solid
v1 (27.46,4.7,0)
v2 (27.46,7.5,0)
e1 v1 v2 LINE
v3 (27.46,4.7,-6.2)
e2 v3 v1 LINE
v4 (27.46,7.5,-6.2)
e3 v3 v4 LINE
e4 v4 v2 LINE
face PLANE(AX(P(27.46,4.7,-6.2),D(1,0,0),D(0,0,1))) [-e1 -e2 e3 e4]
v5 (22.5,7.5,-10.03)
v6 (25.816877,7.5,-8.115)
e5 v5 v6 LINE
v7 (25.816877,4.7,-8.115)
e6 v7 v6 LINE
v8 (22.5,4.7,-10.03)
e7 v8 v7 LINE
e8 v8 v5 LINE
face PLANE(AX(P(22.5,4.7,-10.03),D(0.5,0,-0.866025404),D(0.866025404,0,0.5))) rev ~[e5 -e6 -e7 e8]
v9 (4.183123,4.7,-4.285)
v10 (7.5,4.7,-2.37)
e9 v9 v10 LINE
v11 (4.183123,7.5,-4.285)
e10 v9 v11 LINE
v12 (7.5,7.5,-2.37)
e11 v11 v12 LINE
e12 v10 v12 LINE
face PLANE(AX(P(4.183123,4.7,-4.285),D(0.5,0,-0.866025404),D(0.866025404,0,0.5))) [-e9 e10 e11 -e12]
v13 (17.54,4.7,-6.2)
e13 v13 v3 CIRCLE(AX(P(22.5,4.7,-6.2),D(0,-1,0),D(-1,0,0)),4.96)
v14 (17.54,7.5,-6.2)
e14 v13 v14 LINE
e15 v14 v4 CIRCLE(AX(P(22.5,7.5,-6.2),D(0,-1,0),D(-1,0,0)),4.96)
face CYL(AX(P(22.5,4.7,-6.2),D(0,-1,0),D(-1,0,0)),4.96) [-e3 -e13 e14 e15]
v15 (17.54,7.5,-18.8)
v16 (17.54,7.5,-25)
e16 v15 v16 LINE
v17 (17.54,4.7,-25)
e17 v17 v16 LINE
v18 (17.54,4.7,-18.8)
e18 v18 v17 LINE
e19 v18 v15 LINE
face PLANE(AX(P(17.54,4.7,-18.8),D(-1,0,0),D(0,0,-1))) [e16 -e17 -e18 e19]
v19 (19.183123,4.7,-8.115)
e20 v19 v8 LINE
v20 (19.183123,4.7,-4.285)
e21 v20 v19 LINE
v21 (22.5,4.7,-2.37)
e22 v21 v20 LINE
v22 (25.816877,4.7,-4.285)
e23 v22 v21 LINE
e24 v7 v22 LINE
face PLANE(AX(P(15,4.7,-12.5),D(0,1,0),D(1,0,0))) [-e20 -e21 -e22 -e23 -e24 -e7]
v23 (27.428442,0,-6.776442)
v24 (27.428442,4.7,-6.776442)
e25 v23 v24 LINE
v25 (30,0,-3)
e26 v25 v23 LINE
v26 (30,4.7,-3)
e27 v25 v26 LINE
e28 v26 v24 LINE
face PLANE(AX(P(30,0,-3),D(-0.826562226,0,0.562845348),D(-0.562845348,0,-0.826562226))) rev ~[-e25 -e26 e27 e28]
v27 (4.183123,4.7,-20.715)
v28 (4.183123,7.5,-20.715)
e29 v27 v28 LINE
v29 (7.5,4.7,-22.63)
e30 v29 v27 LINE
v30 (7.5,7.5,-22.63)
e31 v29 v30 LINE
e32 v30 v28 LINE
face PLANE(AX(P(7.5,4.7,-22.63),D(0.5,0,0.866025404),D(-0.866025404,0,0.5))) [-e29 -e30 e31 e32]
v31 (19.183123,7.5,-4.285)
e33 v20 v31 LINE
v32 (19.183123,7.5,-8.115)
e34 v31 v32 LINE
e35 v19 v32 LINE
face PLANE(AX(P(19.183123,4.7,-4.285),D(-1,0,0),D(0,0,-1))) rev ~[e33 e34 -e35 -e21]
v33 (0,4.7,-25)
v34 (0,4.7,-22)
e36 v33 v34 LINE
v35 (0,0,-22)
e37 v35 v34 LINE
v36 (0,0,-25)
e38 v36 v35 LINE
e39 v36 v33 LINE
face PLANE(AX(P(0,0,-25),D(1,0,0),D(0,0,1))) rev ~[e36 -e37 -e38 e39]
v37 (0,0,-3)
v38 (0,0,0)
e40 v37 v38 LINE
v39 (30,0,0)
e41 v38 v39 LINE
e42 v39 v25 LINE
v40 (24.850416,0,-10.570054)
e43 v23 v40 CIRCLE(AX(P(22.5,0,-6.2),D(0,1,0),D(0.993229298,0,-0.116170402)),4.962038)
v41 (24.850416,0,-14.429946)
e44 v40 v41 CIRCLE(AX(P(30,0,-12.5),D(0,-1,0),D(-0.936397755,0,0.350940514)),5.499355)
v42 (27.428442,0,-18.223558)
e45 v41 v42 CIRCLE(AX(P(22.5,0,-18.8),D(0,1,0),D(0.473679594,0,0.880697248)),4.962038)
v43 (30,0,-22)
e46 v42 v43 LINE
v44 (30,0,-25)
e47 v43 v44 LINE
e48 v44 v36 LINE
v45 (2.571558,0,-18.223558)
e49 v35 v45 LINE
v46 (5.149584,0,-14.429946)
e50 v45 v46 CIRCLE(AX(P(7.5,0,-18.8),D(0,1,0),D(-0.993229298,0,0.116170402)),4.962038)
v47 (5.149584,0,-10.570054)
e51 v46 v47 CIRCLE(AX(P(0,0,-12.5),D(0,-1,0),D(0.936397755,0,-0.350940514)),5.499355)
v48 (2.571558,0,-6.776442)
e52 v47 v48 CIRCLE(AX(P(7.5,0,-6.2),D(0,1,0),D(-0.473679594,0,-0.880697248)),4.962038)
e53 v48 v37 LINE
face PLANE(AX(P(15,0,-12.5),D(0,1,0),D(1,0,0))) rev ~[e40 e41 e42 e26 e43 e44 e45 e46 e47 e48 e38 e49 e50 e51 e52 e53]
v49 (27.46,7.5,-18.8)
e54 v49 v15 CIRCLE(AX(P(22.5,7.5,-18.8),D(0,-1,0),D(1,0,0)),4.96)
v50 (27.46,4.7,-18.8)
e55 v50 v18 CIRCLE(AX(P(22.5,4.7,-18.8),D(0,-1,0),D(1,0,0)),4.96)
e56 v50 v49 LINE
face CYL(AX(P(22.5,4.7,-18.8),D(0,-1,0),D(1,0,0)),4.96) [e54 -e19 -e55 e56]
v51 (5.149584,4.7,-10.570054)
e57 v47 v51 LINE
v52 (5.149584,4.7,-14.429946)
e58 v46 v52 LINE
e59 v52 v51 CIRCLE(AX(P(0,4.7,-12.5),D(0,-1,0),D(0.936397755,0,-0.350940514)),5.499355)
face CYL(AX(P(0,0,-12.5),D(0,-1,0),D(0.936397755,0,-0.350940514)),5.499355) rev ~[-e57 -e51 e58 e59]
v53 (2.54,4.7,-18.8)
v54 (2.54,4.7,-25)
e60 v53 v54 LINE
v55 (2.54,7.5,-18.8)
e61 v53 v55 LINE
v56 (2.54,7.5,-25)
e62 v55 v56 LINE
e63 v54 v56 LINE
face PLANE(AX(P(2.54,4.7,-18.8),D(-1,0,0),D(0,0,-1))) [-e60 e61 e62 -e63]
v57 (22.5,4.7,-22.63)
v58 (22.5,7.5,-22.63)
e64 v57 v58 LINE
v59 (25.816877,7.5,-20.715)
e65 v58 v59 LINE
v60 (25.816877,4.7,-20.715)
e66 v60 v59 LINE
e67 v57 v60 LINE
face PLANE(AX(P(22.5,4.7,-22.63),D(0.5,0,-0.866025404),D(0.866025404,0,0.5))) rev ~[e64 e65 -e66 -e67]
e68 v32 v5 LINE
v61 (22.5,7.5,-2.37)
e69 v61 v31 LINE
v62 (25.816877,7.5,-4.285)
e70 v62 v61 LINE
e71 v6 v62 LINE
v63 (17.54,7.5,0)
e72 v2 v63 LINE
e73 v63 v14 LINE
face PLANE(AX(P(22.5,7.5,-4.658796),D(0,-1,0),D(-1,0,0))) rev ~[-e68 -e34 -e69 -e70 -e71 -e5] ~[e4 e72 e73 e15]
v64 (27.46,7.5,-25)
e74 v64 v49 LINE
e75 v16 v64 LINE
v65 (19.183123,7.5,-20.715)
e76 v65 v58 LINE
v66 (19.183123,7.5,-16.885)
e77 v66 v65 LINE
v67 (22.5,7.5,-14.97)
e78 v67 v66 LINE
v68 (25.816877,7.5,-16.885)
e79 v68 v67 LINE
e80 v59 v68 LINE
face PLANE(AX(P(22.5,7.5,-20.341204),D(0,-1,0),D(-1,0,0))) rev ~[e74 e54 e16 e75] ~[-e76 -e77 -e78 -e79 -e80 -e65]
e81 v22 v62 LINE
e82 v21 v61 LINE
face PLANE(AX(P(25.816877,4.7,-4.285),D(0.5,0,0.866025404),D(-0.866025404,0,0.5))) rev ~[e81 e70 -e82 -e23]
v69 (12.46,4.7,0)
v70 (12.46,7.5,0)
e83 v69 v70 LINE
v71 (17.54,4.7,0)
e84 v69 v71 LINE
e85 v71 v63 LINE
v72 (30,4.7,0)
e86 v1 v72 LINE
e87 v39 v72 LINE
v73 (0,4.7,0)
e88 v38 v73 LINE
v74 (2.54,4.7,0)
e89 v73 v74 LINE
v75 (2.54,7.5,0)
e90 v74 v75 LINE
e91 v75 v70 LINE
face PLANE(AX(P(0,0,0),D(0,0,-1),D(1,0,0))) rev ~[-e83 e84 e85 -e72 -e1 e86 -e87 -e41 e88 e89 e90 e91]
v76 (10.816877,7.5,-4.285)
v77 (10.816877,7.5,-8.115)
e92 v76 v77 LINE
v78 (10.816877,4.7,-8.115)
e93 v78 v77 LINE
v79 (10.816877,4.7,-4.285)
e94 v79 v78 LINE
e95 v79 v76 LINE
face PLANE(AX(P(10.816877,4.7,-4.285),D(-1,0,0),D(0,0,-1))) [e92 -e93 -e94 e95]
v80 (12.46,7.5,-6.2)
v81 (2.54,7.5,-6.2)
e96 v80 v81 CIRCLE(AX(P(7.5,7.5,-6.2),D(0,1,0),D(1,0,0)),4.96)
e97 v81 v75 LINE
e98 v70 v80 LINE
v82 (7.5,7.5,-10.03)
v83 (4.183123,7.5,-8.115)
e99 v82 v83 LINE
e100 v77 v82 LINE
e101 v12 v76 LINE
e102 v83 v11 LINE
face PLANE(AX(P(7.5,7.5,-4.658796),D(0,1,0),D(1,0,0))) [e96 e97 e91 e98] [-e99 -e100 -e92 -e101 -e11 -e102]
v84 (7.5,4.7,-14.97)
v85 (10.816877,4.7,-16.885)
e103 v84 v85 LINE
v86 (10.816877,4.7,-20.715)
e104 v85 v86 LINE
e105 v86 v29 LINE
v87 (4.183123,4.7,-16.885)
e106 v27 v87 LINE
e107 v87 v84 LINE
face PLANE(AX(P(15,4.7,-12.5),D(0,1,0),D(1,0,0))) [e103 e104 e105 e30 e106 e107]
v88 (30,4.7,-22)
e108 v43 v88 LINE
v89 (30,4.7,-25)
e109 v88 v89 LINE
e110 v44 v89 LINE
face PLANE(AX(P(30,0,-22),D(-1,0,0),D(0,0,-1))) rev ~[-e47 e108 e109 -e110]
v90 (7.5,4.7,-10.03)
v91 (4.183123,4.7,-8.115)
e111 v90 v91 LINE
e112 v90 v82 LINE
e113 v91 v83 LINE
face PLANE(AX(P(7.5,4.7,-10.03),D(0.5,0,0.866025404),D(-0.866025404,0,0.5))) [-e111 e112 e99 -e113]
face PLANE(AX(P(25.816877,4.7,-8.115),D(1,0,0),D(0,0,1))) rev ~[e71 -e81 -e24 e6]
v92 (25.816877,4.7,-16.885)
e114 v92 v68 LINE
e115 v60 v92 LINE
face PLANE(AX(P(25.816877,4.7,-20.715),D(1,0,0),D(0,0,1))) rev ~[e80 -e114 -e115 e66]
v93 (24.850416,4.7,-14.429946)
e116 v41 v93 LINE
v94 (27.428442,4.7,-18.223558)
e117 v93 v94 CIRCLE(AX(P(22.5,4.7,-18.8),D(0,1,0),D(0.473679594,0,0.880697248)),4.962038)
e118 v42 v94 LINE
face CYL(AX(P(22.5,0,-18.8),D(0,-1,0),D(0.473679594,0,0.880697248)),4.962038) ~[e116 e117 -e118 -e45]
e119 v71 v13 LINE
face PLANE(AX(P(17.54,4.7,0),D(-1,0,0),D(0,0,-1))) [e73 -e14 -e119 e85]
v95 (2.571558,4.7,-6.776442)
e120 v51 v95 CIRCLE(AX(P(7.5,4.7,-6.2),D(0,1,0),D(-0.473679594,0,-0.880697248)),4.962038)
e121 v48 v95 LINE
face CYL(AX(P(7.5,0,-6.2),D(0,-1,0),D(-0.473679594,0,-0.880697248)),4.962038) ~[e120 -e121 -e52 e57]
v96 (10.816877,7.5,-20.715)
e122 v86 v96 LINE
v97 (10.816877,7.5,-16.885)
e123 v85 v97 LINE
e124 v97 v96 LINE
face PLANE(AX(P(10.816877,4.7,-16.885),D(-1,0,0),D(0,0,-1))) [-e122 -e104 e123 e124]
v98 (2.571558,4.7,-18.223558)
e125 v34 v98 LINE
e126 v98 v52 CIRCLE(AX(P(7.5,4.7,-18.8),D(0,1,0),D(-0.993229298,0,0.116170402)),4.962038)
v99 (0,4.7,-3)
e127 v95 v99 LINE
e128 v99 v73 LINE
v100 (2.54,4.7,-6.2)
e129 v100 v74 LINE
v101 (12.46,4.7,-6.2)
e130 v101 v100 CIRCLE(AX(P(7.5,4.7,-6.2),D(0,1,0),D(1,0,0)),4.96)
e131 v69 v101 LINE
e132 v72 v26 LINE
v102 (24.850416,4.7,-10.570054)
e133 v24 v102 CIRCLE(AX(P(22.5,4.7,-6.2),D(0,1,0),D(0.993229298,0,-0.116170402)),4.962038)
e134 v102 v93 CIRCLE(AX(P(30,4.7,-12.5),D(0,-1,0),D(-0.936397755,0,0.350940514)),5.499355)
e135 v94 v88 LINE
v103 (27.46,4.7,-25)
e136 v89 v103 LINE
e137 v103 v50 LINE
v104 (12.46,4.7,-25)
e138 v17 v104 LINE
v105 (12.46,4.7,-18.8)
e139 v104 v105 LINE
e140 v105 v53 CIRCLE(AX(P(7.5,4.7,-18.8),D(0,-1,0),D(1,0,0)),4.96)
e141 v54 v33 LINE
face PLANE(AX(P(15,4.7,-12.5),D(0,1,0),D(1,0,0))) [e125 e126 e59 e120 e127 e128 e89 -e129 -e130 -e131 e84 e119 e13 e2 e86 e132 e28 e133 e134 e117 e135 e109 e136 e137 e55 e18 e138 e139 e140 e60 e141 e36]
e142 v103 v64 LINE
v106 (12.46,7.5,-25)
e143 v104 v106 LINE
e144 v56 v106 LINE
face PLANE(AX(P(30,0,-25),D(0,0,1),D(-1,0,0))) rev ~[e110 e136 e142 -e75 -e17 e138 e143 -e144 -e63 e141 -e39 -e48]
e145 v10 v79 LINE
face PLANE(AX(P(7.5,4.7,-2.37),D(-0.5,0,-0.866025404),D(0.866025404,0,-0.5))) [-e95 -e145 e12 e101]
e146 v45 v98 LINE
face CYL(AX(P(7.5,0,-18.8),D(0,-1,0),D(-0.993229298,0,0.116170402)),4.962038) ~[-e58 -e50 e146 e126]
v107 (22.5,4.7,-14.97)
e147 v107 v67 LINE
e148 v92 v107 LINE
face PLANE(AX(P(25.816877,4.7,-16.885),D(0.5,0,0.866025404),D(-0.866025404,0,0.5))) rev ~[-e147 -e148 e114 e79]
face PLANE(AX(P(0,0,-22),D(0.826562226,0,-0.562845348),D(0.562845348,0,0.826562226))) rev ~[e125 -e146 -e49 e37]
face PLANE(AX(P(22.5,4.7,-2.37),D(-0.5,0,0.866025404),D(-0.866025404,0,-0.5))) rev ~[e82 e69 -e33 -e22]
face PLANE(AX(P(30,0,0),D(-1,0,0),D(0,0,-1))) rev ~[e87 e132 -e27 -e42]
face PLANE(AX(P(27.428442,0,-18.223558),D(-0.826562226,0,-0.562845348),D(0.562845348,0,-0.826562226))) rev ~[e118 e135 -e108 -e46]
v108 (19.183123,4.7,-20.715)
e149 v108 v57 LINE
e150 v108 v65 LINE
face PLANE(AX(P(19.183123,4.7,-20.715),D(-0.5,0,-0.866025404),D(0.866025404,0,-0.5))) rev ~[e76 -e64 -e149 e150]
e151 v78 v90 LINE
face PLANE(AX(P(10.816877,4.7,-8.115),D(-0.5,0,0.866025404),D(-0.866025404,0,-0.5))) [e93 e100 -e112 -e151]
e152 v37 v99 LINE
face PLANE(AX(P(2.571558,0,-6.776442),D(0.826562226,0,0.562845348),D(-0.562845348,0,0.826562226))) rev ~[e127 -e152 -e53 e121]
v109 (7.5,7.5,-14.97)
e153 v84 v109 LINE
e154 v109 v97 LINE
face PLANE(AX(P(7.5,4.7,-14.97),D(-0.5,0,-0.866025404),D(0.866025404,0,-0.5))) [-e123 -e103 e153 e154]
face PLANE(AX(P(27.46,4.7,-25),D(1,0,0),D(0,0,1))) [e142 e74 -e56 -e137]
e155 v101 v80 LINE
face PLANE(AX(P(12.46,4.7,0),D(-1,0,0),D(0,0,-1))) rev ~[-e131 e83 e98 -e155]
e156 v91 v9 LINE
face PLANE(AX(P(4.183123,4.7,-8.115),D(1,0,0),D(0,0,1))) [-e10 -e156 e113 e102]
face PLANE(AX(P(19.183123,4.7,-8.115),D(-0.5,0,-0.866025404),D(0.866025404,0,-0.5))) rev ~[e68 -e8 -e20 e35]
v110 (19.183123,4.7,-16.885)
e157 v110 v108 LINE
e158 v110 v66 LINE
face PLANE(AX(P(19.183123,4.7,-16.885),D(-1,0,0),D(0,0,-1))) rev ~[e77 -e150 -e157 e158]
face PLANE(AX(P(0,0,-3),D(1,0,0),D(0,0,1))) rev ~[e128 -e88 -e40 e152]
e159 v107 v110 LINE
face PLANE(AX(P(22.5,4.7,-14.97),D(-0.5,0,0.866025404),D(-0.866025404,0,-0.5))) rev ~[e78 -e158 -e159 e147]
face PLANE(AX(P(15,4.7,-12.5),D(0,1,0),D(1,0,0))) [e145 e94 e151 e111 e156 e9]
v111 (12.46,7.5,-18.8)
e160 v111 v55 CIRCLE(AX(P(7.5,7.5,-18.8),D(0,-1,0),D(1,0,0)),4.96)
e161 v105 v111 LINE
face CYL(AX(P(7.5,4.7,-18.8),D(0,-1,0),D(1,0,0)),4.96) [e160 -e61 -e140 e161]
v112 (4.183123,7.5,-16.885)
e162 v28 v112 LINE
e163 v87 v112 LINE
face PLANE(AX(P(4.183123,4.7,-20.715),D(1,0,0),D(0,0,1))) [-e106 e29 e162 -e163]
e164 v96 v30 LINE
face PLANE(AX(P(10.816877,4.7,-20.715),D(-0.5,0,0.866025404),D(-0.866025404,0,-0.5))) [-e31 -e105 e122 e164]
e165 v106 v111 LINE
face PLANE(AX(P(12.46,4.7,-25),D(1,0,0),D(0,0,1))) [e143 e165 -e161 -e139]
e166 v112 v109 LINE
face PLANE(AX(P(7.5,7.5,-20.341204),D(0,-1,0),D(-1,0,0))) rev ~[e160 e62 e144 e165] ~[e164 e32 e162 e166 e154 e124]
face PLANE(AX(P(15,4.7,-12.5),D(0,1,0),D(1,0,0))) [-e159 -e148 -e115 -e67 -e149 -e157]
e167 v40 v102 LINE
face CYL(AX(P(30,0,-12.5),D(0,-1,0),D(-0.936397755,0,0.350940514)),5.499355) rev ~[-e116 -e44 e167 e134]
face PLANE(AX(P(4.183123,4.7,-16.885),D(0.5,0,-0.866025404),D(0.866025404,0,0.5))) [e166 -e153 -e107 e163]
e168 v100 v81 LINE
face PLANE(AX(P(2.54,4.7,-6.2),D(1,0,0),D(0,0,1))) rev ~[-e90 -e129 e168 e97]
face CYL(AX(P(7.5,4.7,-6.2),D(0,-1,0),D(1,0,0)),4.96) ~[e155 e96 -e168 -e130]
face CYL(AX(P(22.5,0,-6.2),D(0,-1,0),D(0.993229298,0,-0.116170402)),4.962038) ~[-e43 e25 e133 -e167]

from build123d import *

# Parameters (mm, degrees)
EXTRUDE2_DEPTH = 4.7
EXTRUDE3_DEPTH = 2.8


with BuildPart() as part:
    # Sketch1 → Extrude2 (new body)
    with BuildSketch(Plane(origin=(0, 0, 0), x_dir=(1, 0, 0), z_dir=(0, 1, 0))):
        with BuildLine():
            Line((0, 0), (30, 0))
            Line((30, 0), (30, 3))
            Line((30, 3), (27.428441876, 6.776441992))
            ThreePointArc((27.428441876, 6.776441992), (26.604060948, 8.988997747), (24.850416315, 10.570053529))
            ThreePointArc((24.850416315, 10.570053529), (24.500644991, 12.5), (24.850416315, 14.429946471))
            ThreePointArc((24.850416315, 14.429946471), (26.604060948, 16.011002253), (27.428441876, 18.223558008))
            Line((27.428441876, 18.223558008), (30, 22))
            Line((30, 22), (30, 25))
            Line((30, 25), (0, 25))
            Line((0, 25), (0, 22))
            Line((0, 22), (2.571558124, 18.223558008))
            ThreePointArc((2.571558124, 18.223558008), (3.395939052, 16.011002253), (5.149583685, 14.429946471))
            ThreePointArc((5.149583685, 14.429946471), (5.499355009, 12.5), (5.149583685, 10.570053529))
            ThreePointArc((5.149583685, 10.570053529), (3.395939052, 8.988997747), (2.571558124, 6.776441992))
            Line((2.571558124, 6.776441992), (0, 3))
            Line((0, 3), (0, 0))
        make_face()
    extrude(amount=EXTRUDE2_DEPTH)

    # Sketch3 → Extrude3 (add)
    with BuildSketch(Plane(origin=(0, 4.7, 0), x_dir=(1, 0, 0), z_dir=(0, 1, 0))):
        with BuildLine():
            Line((2.54, 6.2), (2.54, 0))
            Line((2.54, 0), (12.46, 0))
            Line((12.46, 0), (12.46, 6.2))
            ThreePointArc((12.46, 6.2), (7.5, 11.16), (2.54, 6.2))
        make_face()
        Polygon((7.5, 10.03), (4.183122704, 8.115), (4.183122704, 4.285), (7.5, 2.37), (10.816877296, 4.285), (10.816877296, 8.115), align=None, mode=Mode.SUBTRACT)
        with BuildLine():
            Line((2.54, 18.8), (2.54, 25))
            Line((2.54, 25), (12.46, 25))
            Line((12.46, 25), (12.46, 18.8))
            ThreePointArc((12.46, 18.8), (7.5, 13.84), (2.54, 18.8))
        make_face()
        Polygon((7.5, 22.63), (4.183122704, 20.715), (4.183122704, 16.885), (7.5, 14.97), (10.816877296, 16.885), (10.816877296, 20.715), align=None, mode=Mode.SUBTRACT)
        with BuildLine():
            Line((27.46, 0), (17.54, 0))
            Line((17.54, 0), (17.54, 6.2))
            ThreePointArc((17.54, 6.2), (22.5, 11.16), (27.46, 6.2))
            Line((27.46, 6.2), (27.46, 0))
        make_face()
        Polygon((19.183122704, 4.285), (19.183122704, 8.115), (22.5, 10.03), (25.816877296, 8.115), (25.816877296, 4.285), (22.5, 2.37), align=None, mode=Mode.SUBTRACT)
        with BuildLine():
            Line((17.54, 18.8), (17.54, 25))
            Line((17.54, 25), (27.46, 25))
            Line((27.46, 25), (27.46, 18.8))
            ThreePointArc((27.46, 18.8), (22.5, 13.84), (17.54, 18.8))
        make_face()
        Polygon((25.816877296, 16.885), (22.5, 14.97), (19.183122704, 16.885), (19.183122704, 20.715), (22.5, 22.63), (25.816877296, 20.715), align=None, mode=Mode.SUBTRACT)
    extrude(amount=EXTRUDE3_DEPTH)


solid = part.part
